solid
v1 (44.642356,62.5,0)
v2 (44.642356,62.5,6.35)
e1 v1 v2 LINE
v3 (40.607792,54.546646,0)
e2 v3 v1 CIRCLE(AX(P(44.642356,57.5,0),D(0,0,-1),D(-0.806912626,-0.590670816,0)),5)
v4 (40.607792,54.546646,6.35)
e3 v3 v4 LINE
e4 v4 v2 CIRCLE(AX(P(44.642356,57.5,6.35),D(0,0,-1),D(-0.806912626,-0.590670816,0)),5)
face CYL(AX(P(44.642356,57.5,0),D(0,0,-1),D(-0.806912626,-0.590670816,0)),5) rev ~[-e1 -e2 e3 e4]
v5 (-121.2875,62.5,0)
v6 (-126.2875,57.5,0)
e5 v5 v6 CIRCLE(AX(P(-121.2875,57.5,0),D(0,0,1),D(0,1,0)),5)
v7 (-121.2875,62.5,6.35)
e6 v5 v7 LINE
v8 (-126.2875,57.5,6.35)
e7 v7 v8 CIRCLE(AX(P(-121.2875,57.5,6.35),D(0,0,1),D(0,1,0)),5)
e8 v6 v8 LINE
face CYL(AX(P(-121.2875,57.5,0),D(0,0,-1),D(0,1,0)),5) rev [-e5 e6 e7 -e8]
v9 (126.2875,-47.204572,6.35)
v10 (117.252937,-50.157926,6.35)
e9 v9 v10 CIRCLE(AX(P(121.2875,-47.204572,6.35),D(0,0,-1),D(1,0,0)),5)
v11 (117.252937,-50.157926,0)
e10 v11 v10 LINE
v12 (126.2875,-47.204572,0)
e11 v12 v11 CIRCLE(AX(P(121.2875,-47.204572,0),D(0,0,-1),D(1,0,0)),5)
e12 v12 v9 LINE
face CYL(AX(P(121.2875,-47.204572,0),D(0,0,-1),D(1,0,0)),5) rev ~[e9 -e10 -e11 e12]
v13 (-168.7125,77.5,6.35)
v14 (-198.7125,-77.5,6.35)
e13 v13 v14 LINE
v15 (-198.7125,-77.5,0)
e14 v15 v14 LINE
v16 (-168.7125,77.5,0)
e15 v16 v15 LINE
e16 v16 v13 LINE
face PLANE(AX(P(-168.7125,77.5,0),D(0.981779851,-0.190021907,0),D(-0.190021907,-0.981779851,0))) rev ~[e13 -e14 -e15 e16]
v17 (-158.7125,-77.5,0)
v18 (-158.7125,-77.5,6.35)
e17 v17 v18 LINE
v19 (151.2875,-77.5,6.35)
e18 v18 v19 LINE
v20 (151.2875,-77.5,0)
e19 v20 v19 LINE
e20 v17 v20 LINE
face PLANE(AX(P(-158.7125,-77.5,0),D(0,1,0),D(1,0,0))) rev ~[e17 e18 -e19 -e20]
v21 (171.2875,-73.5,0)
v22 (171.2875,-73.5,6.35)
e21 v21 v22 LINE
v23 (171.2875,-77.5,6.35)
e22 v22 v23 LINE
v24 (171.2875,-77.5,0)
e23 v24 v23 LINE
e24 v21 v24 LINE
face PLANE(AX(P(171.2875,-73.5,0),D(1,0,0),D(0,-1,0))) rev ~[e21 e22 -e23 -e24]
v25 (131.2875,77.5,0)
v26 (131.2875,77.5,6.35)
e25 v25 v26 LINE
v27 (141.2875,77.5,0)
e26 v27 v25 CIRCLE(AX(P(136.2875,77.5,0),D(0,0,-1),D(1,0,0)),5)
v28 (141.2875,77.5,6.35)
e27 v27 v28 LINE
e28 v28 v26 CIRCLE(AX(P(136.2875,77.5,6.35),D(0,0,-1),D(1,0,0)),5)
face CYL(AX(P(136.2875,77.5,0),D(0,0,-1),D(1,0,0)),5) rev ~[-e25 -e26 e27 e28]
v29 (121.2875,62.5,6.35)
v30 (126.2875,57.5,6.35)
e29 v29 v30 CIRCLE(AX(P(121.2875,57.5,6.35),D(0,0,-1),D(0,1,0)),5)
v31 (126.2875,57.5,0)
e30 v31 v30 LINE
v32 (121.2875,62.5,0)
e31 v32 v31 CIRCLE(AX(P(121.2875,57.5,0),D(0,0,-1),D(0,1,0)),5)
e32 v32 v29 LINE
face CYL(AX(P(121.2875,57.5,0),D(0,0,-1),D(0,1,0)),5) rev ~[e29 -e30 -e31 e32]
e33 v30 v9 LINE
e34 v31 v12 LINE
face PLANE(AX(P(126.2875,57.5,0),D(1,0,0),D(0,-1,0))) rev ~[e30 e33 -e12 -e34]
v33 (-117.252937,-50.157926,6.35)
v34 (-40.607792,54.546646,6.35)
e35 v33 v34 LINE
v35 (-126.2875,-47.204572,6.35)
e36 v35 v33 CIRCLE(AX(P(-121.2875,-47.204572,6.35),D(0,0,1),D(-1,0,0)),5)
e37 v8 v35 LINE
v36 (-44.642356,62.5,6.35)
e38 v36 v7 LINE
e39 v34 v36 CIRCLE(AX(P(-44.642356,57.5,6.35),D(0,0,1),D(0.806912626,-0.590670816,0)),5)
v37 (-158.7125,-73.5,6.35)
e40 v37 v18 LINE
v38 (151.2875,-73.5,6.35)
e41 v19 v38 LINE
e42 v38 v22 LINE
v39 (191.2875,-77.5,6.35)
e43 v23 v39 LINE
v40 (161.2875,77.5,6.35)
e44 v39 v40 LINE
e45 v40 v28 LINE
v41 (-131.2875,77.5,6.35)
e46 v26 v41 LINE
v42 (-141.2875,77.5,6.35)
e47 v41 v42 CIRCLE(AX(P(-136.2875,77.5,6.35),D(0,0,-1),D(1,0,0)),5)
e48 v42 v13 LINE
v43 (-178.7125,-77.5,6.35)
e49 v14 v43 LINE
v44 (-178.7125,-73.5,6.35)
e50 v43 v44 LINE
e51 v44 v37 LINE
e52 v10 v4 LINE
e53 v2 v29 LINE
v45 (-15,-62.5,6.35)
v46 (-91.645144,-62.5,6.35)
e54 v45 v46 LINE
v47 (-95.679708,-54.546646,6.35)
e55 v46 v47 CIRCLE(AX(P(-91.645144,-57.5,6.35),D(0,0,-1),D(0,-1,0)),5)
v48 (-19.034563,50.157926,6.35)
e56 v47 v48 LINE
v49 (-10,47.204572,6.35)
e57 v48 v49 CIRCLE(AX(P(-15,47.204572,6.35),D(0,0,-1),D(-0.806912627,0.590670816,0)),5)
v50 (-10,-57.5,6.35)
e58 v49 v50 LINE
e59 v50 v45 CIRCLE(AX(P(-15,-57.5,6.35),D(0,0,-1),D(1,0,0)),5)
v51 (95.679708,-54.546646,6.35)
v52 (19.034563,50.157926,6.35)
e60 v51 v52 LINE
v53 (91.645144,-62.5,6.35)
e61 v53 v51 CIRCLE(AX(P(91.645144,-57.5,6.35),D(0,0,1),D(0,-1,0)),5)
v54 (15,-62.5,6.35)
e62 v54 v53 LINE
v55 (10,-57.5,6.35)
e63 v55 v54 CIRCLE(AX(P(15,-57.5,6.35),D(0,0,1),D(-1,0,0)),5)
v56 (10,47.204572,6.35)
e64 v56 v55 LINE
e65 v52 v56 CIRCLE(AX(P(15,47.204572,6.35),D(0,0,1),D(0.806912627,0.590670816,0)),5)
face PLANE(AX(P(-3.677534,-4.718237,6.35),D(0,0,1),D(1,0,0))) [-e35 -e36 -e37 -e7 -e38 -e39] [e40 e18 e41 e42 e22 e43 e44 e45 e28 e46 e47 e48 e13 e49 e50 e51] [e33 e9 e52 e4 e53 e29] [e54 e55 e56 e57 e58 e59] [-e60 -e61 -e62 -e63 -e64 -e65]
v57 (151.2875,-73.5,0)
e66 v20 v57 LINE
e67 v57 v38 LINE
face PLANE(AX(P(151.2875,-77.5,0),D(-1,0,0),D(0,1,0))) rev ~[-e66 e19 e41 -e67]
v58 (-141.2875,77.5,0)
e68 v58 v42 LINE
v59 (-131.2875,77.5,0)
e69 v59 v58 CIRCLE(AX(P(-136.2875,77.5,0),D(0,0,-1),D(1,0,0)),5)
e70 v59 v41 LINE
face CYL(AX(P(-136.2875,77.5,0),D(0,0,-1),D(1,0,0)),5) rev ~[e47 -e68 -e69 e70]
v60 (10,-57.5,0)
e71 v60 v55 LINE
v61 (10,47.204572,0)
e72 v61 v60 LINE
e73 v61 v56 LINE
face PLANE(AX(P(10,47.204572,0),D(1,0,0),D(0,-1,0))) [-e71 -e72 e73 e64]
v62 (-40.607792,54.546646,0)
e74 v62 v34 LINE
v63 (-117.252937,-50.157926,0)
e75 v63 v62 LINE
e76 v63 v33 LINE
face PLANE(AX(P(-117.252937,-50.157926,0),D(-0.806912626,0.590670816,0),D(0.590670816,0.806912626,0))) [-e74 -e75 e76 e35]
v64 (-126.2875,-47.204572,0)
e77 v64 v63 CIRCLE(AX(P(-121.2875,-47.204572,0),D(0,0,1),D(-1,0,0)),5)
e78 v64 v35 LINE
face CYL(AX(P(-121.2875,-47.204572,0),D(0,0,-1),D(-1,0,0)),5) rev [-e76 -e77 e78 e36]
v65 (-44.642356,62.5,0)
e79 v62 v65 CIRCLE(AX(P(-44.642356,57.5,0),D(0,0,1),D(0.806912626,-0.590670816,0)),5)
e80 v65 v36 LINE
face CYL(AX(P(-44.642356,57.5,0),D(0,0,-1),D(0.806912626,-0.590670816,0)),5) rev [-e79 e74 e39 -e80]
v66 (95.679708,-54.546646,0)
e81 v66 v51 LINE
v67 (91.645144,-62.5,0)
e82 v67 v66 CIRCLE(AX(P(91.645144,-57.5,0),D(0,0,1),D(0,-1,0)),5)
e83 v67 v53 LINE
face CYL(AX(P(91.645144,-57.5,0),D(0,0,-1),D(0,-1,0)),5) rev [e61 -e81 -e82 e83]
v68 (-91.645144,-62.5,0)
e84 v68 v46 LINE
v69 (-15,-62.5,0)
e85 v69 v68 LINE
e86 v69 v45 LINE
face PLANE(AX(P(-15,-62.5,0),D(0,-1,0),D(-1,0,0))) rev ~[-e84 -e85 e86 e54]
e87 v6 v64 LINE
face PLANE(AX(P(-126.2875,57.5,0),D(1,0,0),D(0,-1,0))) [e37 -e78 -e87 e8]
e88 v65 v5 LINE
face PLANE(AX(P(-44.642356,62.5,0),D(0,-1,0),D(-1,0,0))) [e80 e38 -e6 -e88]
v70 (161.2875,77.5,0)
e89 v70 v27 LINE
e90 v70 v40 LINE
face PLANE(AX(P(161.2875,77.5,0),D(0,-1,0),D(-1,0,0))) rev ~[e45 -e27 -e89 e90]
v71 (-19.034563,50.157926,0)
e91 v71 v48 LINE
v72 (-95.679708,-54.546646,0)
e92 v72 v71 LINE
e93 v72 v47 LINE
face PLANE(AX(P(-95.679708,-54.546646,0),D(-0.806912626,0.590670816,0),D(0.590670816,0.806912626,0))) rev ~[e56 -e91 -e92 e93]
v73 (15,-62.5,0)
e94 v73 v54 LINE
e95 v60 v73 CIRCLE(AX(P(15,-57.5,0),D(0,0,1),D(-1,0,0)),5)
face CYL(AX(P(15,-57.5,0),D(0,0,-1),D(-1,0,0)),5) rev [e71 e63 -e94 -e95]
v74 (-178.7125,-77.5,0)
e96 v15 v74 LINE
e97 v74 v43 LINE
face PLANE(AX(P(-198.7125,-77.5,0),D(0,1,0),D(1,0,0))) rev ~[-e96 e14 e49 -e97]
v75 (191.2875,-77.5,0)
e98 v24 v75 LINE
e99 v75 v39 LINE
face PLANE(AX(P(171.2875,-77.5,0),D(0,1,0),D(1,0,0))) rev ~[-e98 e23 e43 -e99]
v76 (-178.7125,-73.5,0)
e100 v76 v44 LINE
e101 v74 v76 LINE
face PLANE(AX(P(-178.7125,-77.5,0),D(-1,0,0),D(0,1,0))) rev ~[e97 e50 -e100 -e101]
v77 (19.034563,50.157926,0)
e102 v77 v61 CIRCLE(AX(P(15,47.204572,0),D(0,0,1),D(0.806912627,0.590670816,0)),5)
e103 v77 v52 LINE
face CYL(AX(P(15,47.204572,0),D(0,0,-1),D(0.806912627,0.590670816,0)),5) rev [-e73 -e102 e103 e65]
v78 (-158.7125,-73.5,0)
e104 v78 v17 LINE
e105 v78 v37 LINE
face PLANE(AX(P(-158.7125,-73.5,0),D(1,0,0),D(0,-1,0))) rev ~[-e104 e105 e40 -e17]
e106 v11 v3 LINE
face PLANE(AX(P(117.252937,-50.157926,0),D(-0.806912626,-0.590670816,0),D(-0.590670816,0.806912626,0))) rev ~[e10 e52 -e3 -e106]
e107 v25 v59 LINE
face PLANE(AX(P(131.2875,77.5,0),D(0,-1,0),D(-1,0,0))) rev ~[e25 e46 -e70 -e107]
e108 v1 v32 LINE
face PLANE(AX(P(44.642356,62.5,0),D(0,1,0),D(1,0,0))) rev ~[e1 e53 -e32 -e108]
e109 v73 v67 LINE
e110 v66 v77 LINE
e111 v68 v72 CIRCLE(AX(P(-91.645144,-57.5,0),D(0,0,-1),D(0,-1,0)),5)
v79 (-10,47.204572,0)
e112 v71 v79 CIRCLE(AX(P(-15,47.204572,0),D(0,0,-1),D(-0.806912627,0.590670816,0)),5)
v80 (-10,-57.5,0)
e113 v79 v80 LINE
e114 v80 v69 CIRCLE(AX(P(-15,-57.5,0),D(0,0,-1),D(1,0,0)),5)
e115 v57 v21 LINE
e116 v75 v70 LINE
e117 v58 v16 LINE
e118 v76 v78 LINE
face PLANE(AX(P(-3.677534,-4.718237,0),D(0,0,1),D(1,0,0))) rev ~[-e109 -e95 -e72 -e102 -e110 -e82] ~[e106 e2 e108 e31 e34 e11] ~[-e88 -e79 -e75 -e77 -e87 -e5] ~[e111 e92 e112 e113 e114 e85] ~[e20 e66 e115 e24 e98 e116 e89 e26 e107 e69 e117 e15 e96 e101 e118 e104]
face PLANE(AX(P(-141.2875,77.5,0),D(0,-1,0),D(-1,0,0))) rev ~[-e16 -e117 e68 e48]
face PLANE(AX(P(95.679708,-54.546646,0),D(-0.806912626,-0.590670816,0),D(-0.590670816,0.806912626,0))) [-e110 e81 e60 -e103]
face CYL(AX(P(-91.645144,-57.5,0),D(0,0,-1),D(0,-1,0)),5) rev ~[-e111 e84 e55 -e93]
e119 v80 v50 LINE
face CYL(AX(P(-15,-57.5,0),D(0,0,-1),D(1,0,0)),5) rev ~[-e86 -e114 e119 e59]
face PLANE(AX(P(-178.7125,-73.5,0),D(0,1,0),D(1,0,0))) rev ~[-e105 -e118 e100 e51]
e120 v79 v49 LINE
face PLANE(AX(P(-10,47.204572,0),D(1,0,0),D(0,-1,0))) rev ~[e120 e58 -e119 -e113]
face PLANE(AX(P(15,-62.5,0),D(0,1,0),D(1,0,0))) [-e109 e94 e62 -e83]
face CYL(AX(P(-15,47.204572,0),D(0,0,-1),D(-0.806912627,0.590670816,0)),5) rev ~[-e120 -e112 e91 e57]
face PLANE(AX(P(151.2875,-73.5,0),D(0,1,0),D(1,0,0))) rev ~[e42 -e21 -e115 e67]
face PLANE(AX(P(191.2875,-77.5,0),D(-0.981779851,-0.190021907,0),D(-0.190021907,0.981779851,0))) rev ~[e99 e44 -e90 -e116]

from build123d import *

# Parameters (mm, degrees)
EXTRUDE1_DEPTH = 6.35


with BuildPart() as part:
    # Sketch1 → Extrude1 (new body)
    with BuildSketch(Plane.XY):
        with BuildLine():
            Line((-158.7125, -77.5), (151.2875, -77.5))
            Line((151.2875, -77.5), (151.2875, -73.5))
            Line((151.2875, -73.5), (171.2875, -73.5))
            Line((171.2875, -73.5), (171.2875, -77.5))
            Line((171.2875, -77.5), (191.2875, -77.5))
            Line((191.2875, -77.5), (161.2875, 77.5))
            Line((161.2875, 77.5), (141.2875, 77.5))
            ThreePointArc((141.2875, 77.5), (136.2875, 72.5), (131.2875, 77.5))
            Line((131.2875, 77.5), (-131.2875, 77.5))
            ThreePointArc((-131.2875, 77.5), (-136.2875, 72.5), (-141.2875, 77.5))
            Line((-141.2875, 77.5), (-168.7125, 77.5))
            Line((-168.7125, 77.5), (-198.7125, -77.5))
            Line((-198.7125, -77.5), (-178.7125, -77.5))
            Line((-178.7125, -77.5), (-178.7125, -73.5))
            Line((-178.7125, -73.5), (-158.7125, -73.5))
            Line((-158.7125, -73.5), (-158.7125, -77.5))
        make_face()
        with BuildLine():
            Line((-126.2875, 57.5), (-126.2875, -47.204571681))
            ThreePointArc((-126.2875, -47.204571681), (-122.841073999, -51.957087628), (-117.252936868, -50.157925762))
            Line((-117.252936868, -50.157925762), (-40.607792392, 54.546645918))
            ThreePointArc((-40.607792392, 54.546645918), (-40.183276561, 59.761993545), (-44.642355524, 62.5))
            Line((-44.642355524, 62.5), (-121.2875, 62.5))
            ThreePointArc((-121.2875, 62.5), (-124.823033906, 61.035533906), (-126.2875, 57.5))
        make_face(mode=Mode.SUBTRACT)
        with BuildLine():
            Line((-95.679707608, -54.546645918), (-19.034563132, 50.157925762))
            ThreePointArc((-19.034563132, 50.157925762), (-13.446426001, 51.957087628), (-10, 47.204571681))
            Line((-10, 47.204571681), (-10, -57.5))
            ThreePointArc((-10, -57.5), (-11.464466094, -61.035533906), (-15, -62.5))
            Line((-15, -62.5), (-91.645144476, -62.5))
            ThreePointArc((-91.645144476, -62.5), (-96.104223439, -59.761993545), (-95.679707608, -54.546645918))
        make_face(mode=Mode.SUBTRACT)
        with BuildLine():
            Line((15, -62.5), (91.645144476, -62.5))
            ThreePointArc((91.645144476, -62.5), (96.104223439, -59.761993545), (95.679707608, -54.546645918))
            Line((95.679707608, -54.546645918), (19.034563132, 50.157925762))
            ThreePointArc((19.034563132, 50.157925762), (13.446426001, 51.957087628), (10, 47.204571681))
            Line((10, 47.204571681), (10, -57.5))
            ThreePointArc((10, -57.5), (11.464466094, -61.035533906), (15, -62.5))
        make_face(mode=Mode.SUBTRACT)
        with BuildLine():
            Line((44.642355524, 62.5), (121.2875, 62.5))
            ThreePointArc((121.2875, 62.5), (124.823033906, 61.035533906), (126.2875, 57.5))
            Line((126.2875, 57.5), (126.2875, -47.204571681))
            ThreePointArc((126.2875, -47.204571681), (122.841073999, -51.957087628), (117.252936868, -50.157925762))
            Line((117.252936868, -50.157925762), (40.607792392, 54.546645918))
            ThreePointArc((40.607792392, 54.546645918), (40.183276561, 59.761993545), (44.642355524, 62.5))
        make_face(mode=Mode.SUBTRACT)
    extrude(amount=EXTRUDE1_DEPTH)


solid = part.part
